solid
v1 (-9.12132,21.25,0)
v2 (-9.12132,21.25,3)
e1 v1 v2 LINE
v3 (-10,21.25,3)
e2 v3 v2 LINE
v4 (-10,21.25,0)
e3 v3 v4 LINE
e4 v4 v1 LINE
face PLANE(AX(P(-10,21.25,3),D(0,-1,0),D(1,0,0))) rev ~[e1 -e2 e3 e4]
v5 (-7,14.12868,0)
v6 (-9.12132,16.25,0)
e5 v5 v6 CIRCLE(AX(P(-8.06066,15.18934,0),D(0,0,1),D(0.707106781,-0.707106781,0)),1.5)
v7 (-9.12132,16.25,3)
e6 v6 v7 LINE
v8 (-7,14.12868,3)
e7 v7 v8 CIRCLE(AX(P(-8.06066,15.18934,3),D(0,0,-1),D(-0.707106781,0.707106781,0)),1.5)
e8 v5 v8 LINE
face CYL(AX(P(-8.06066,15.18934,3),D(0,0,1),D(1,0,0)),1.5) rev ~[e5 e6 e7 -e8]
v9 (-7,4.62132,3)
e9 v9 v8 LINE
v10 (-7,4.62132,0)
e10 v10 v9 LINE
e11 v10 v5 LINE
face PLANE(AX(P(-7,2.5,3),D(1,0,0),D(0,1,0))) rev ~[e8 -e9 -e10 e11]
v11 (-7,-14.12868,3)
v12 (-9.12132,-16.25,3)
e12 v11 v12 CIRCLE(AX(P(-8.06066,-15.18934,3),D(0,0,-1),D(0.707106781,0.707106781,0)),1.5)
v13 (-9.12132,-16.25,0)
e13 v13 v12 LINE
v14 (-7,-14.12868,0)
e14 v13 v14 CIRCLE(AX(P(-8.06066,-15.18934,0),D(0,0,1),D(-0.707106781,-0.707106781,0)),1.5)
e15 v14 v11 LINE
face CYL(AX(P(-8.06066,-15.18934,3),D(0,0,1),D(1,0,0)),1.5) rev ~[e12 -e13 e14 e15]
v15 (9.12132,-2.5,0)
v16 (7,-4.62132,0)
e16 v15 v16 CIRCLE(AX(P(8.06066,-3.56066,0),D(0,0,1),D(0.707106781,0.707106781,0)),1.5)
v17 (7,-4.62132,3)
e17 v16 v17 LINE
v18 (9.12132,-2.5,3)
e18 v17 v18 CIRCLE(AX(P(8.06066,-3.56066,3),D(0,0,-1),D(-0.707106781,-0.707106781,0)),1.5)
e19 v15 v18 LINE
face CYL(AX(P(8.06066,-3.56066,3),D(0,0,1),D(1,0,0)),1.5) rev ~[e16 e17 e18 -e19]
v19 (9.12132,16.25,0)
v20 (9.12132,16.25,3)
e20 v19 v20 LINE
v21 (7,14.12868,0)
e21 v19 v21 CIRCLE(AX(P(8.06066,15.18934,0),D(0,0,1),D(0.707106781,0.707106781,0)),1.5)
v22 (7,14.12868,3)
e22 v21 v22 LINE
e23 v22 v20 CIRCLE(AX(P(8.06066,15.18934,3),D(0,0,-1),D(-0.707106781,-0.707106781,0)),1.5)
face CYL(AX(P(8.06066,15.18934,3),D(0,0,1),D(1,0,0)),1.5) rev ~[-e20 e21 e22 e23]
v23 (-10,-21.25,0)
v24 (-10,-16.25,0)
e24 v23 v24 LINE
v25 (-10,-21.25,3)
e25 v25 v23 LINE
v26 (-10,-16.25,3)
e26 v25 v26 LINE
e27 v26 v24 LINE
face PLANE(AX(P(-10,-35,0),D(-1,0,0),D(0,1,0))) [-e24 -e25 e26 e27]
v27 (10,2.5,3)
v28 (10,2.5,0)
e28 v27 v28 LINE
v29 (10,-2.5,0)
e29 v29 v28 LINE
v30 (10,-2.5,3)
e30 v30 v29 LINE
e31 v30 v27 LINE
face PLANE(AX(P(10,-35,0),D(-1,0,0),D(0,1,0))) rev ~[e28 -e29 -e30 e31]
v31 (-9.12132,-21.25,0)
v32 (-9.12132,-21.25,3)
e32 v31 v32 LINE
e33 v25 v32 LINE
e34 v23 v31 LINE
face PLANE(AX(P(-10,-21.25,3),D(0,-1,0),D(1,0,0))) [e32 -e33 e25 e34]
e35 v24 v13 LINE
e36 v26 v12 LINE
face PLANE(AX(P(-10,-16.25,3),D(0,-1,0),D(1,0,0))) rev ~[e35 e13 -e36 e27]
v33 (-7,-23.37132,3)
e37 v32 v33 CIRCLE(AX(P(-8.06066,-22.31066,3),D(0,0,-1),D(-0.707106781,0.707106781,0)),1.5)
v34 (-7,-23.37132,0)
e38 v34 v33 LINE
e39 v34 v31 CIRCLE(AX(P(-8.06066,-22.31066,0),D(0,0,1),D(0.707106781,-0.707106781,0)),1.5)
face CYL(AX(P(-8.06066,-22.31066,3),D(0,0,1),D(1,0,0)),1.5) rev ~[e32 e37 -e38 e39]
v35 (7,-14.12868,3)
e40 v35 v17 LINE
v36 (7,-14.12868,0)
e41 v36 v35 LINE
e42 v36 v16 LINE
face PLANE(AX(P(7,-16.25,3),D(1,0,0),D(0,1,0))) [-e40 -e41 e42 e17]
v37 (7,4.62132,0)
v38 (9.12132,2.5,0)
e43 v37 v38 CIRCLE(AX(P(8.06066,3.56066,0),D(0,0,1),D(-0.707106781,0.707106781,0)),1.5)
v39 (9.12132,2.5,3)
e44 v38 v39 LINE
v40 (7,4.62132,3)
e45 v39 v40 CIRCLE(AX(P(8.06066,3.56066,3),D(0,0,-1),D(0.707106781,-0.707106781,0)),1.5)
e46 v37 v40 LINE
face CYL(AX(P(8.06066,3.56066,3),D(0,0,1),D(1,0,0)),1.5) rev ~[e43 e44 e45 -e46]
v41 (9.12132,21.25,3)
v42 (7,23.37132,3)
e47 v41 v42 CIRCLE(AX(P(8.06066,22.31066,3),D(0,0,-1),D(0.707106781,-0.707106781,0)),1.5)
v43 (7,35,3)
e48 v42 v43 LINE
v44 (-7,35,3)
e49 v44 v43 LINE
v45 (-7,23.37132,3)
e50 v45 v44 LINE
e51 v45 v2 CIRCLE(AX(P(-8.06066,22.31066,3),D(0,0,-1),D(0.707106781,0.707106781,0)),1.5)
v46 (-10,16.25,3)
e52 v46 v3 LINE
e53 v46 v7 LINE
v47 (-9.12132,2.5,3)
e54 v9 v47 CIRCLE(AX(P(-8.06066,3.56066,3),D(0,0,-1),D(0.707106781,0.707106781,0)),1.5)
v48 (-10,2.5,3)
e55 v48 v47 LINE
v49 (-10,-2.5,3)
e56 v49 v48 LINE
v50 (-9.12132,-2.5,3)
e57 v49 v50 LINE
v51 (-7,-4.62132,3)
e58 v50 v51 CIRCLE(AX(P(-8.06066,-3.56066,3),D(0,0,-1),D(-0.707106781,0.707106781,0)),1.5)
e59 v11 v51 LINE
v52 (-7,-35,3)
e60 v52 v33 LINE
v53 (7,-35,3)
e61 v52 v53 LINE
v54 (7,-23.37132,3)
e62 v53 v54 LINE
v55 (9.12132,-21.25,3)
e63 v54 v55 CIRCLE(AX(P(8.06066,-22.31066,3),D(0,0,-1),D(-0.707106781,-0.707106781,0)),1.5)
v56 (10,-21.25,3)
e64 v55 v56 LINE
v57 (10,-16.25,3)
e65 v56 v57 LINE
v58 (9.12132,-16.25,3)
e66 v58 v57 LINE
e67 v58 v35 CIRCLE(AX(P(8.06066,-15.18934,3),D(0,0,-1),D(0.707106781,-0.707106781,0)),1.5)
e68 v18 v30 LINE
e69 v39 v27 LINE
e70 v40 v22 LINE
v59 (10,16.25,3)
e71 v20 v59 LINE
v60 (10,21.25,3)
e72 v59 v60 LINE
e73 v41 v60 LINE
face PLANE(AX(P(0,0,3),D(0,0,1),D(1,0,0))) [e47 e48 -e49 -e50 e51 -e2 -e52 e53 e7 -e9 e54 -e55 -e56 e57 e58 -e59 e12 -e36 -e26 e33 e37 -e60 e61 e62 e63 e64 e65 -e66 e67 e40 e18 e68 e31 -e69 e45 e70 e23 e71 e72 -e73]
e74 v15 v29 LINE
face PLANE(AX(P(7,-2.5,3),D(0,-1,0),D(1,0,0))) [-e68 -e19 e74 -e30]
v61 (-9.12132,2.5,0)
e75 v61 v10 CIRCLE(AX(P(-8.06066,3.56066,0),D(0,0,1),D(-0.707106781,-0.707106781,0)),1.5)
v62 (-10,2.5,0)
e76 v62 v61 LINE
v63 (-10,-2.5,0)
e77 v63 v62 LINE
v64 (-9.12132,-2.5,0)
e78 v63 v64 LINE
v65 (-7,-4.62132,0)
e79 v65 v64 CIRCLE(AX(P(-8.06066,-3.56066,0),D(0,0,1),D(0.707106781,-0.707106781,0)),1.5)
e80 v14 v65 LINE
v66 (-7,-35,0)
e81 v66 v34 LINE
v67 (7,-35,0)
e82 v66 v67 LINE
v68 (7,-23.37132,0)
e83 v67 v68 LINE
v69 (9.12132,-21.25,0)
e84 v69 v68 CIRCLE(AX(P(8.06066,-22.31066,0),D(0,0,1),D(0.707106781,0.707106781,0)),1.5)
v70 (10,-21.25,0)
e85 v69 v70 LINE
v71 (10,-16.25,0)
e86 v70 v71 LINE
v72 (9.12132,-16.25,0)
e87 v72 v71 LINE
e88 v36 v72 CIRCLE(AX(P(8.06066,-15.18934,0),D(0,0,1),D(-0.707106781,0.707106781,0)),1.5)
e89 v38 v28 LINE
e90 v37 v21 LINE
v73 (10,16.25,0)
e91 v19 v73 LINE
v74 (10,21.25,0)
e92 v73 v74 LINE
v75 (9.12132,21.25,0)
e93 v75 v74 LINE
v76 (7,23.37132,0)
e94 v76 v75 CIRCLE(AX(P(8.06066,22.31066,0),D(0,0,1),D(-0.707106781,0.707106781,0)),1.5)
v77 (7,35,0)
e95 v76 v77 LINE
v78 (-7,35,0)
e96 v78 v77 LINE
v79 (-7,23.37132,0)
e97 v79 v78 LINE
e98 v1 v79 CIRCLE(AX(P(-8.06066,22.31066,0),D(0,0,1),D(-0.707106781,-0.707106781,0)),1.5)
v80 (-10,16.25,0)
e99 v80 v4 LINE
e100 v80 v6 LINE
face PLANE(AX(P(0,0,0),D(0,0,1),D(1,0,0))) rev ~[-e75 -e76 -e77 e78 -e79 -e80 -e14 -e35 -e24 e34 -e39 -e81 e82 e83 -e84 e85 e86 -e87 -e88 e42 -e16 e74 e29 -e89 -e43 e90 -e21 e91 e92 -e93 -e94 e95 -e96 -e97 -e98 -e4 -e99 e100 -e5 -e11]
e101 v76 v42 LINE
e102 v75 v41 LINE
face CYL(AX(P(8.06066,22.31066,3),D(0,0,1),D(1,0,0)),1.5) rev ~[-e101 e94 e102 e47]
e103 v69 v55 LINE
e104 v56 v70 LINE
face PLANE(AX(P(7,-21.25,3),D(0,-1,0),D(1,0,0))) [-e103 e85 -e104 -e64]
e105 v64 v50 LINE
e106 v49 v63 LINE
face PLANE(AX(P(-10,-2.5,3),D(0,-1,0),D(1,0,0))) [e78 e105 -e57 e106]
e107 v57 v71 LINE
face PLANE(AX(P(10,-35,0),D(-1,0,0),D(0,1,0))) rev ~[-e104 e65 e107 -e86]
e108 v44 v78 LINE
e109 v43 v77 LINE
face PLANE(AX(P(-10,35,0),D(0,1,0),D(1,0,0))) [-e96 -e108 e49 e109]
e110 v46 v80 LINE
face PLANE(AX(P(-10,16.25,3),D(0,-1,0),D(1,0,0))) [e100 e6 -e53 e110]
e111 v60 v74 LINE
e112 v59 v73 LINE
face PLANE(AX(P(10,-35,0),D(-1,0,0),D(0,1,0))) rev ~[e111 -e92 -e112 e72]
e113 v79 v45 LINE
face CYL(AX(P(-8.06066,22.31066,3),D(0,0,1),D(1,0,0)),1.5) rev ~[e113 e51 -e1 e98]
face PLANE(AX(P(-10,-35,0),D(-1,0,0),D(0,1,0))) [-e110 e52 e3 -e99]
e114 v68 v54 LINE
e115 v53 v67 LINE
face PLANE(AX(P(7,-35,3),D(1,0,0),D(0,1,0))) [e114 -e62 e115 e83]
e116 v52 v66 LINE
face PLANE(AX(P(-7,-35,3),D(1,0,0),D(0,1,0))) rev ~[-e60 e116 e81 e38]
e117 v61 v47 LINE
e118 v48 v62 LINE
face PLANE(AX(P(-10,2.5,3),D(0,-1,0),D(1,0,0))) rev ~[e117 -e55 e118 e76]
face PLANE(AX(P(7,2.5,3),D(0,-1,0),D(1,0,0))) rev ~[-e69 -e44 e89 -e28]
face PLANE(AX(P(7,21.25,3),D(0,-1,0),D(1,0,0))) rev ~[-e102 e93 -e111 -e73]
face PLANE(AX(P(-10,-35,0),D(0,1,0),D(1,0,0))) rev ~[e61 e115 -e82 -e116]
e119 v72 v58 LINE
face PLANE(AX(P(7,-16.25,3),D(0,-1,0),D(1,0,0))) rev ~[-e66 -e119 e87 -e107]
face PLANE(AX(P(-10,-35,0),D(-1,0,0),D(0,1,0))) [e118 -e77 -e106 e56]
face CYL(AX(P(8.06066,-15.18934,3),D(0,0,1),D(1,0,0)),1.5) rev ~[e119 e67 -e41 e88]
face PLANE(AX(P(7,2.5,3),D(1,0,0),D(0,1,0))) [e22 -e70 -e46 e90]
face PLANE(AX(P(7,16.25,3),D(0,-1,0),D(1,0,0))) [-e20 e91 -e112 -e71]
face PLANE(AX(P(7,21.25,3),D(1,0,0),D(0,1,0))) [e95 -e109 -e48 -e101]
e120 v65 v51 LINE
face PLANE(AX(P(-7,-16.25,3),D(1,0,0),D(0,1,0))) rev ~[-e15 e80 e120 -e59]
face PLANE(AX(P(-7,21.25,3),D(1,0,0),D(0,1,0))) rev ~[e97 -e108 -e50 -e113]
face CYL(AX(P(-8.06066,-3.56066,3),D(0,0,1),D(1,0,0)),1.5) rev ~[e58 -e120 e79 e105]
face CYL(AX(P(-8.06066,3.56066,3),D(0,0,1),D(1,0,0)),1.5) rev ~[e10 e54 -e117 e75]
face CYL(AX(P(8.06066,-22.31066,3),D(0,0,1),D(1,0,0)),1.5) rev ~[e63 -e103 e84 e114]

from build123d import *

# Parameters (mm, degrees)
CROQUIS1_W              = 20
CROQUIS1_H              = 70
SALIENTE_EXTRUIR1_DEPTH = 3
CROQUIS2_W              = 3
CROQUIS2_H              = 13.75
CORTAR_EXTRUIR1_DEPTH   = 4
CROQUIS3_R              = 1.5
CORTAR_EXTRUIR2_DEPTH   = 4


with BuildPart() as part:
    # Croquis1 → Saliente-Extruir1 (new body)
    with BuildSketch(Plane.XY):
        Rectangle(CROQUIS1_W, CROQUIS1_H)
    extrude(amount=SALIENTE_EXTRUIR1_DEPTH)

    # Croquis2 → Cortar-Extruir1 (cut, through all)
    with BuildSketch(Plane.XY.offset(3)):
        with Locations((8.5, 28.125)):
            Rectangle(CROQUIS2_W, CROQUIS2_H)
        with Locations((8.5, 9.375)):
            Rectangle(CROQUIS2_W, CROQUIS2_H)
        with Locations((8.5, -28.125)):
            Rectangle(CROQUIS2_W, CROQUIS2_H)
        with Locations((8.5, -9.375)):
            Rectangle(CROQUIS2_W, CROQUIS2_H)
        with Locations((-8.5, -9.375)):
            Rectangle(CROQUIS2_W, CROQUIS2_H)
        with Locations((-8.5, -28.125)):
            Rectangle(CROQUIS2_W, CROQUIS2_H)
        with Locations((-8.5, 9.375)):
            Rectangle(CROQUIS2_W, CROQUIS2_H)
        with Locations((-8.5, 28.125)):
            Rectangle(CROQUIS2_W, CROQUIS2_H)
    extrude(amount=-CORTAR_EXTRUIR1_DEPTH, mode=Mode.SUBTRACT)

    # Croquis3 → Cortar-Extruir2 (cut, through all)
    with BuildSketch(Plane.XY.offset(3)):
        with Locations((8.060660172, 22.310660172)):
            Circle(CROQUIS3_R)
        with Locations((8.060660172, 15.189339828)):
            Circle(CROQUIS3_R)
        with Locations((8.060660172, 3.560660172)):
            Circle(CROQUIS3_R)
        with Locations((8.060660172, -3.560660172)):
            Circle(CROQUIS3_R)
        with Locations((8.060660172, -15.189339828)):
            Circle(CROQUIS3_R)
        with Locations((8.060660172, -22.310660172)):
            Circle(CROQUIS3_R)
        with Locations((-8.060660172, -22.310660172)):
            Circle(CROQUIS3_R)
        with Locations((-8.060660172, -15.189339828)):
            Circle(CROQUIS3_R)
        with Locations((-8.060660172, -3.560660172)):
            Circle(CROQUIS3_R)
        with Locations((-8.060660172, 3.560660172)):
            Circle(CROQUIS3_R)
        with Locations((-8.060660172, 15.189339828)):
            Circle(CROQUIS3_R)
        with Locations((-8.060660172, 22.310660172)):
            Circle(CROQUIS3_R)
    extrude(amount=-CORTAR_EXTRUIR2_DEPTH, mode=Mode.SUBTRACT)


solid = part.part
